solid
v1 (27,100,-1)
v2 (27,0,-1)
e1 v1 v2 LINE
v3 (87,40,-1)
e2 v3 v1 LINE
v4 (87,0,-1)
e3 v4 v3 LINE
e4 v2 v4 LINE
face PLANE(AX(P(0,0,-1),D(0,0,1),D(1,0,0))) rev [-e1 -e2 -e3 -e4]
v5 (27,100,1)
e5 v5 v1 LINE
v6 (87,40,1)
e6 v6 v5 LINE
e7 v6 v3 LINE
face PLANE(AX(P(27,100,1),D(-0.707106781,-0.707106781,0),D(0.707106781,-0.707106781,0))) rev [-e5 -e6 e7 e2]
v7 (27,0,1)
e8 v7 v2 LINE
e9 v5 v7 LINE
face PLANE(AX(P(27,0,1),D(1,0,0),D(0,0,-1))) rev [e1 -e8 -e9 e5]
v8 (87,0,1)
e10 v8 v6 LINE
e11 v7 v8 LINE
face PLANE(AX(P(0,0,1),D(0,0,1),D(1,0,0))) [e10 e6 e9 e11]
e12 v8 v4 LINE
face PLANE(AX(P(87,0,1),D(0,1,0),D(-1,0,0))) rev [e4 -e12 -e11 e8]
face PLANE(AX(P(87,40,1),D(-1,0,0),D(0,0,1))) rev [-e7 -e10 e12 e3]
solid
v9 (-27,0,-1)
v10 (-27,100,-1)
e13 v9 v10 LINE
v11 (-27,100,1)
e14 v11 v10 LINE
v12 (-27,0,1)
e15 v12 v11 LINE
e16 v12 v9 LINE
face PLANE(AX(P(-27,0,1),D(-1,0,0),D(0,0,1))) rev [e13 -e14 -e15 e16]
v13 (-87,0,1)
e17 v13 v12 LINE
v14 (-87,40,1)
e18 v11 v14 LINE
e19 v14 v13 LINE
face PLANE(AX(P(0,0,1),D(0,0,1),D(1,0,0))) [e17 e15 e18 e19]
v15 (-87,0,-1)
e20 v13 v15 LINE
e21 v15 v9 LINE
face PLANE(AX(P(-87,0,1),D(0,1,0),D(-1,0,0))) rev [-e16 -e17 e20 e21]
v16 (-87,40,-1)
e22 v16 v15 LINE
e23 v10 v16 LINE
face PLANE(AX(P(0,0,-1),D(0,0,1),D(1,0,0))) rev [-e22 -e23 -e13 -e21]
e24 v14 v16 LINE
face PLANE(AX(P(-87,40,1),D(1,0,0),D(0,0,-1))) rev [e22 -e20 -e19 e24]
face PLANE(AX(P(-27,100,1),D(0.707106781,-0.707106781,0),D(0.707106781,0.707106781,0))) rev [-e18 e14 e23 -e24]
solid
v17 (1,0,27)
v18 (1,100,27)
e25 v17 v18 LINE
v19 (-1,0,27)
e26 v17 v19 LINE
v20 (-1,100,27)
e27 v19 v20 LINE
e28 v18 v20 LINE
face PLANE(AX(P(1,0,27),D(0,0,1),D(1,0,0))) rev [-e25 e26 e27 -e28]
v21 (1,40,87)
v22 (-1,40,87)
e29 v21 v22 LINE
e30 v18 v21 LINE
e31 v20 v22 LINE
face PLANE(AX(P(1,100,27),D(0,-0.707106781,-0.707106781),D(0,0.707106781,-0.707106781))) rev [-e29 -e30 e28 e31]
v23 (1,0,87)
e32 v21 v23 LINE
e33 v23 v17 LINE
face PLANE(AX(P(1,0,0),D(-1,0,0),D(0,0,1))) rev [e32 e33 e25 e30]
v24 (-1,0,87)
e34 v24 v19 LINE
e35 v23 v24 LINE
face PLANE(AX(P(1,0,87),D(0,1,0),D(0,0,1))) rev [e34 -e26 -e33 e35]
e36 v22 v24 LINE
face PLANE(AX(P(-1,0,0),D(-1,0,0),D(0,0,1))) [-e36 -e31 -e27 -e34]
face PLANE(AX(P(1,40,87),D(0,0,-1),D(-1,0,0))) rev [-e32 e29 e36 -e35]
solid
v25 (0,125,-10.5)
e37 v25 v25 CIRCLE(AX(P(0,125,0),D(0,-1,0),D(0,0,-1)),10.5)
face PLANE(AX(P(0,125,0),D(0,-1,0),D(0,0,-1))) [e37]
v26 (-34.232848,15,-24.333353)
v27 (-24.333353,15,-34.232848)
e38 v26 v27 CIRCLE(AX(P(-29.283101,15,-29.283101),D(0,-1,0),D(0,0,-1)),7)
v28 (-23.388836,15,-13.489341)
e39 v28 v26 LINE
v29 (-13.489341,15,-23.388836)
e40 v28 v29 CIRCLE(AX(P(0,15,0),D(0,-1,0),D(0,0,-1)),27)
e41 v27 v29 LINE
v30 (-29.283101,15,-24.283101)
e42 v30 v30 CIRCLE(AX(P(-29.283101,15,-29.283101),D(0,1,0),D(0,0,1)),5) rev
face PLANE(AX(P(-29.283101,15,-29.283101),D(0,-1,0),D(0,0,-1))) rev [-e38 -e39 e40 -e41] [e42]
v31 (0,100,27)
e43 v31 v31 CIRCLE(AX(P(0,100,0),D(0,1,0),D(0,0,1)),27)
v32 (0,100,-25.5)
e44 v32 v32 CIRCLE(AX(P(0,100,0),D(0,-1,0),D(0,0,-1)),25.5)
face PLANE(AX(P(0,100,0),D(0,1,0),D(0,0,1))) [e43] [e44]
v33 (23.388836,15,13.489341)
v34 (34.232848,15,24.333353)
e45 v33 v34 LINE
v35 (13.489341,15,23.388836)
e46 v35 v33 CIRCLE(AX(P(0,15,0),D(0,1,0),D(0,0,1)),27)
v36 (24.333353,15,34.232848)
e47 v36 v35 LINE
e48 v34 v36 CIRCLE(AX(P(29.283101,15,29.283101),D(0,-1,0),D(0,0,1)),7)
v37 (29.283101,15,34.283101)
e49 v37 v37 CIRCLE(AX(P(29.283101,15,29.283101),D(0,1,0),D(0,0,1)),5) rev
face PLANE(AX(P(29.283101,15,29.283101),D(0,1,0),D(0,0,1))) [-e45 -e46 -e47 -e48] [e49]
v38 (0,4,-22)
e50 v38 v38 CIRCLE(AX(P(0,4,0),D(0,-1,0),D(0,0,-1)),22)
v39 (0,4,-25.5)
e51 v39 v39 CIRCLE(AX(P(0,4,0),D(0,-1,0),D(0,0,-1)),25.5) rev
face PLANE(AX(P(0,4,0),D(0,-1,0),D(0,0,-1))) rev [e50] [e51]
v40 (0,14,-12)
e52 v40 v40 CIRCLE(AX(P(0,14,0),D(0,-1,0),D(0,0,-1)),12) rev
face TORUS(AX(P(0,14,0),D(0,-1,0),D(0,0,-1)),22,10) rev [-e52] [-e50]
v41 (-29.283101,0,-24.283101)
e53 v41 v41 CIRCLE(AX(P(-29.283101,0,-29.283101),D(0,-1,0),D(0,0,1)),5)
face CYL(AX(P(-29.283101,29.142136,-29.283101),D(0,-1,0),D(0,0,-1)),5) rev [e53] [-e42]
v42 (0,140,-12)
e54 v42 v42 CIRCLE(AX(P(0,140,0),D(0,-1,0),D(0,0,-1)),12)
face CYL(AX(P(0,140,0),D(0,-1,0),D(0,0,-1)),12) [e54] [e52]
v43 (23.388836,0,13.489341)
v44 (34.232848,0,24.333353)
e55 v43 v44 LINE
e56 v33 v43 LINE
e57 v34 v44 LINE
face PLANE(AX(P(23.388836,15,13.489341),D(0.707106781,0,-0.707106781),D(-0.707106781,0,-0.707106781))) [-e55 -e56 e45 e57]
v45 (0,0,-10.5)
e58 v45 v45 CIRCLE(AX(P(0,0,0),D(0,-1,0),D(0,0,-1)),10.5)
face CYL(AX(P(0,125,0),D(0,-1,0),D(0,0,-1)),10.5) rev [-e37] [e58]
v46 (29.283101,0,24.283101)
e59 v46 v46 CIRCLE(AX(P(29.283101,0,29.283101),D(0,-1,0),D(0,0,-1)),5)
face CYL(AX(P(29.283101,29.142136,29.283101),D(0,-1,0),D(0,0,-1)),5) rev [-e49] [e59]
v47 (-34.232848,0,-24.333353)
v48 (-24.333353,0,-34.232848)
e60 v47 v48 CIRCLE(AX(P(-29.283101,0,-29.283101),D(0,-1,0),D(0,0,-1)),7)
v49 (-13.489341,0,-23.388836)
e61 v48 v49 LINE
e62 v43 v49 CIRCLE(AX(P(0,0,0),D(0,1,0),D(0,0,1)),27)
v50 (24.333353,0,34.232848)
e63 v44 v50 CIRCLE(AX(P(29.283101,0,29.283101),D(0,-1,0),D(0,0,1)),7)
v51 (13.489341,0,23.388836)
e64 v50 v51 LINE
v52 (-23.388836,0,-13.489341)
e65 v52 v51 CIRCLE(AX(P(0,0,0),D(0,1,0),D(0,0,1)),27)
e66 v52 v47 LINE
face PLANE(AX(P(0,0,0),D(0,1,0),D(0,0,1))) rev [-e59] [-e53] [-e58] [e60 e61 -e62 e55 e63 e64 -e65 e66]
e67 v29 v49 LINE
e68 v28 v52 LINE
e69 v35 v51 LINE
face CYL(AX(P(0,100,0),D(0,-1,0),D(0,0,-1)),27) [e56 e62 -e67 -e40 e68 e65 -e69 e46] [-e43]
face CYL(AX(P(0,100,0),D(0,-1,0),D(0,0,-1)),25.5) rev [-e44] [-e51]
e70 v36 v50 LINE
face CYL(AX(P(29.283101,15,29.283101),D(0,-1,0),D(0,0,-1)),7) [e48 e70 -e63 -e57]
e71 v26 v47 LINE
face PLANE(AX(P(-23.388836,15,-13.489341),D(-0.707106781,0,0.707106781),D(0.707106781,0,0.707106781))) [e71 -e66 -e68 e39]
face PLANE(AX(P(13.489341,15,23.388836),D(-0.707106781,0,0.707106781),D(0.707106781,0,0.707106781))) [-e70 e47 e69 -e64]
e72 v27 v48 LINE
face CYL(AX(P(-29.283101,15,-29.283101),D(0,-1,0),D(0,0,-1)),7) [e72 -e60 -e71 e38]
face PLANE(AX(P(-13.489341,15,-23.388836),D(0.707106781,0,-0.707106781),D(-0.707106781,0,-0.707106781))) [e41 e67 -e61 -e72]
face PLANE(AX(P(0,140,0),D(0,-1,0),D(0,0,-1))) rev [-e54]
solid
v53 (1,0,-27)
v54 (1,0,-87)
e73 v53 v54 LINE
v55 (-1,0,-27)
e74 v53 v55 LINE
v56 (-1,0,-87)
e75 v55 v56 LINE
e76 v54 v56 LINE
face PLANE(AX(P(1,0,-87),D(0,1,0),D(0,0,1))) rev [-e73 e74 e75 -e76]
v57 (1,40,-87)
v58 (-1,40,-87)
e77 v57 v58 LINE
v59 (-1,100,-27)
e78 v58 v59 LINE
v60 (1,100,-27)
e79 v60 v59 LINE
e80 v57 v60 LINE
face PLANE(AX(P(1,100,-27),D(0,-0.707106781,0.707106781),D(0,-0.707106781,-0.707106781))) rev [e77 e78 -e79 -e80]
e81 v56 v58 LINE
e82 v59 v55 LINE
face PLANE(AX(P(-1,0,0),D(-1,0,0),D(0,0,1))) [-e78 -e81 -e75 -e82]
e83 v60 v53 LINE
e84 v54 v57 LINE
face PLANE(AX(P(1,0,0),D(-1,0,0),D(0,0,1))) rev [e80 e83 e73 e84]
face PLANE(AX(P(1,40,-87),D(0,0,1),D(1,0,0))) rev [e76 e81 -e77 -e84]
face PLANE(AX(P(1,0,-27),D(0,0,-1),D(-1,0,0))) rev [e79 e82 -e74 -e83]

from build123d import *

# Parameters (mm, degrees)
SKETCH1_R             = 27
BOSS_EXTRUDE1_DEPTH   = 100
BOSS_EXTRUDE2_DEPTH   = 1
BOSS_EXTRUDE2_2_DEPTH = 1
BOSS_EXTRUDE3_DEPTH   = 1
BOSS_EXTRUDE3_2_DEPTH = 1
SKETCH4_R             = 25.5
CUT_EXTRUDE1_DEPTH    = 159.549676758
SKETCH9_R             = 27
BOSS_EXTRUDE6_DEPTH   = 4
SKETCH10_R            = 12
BOSS_EXTRUDE7_DEPTH   = 140
SKETCH11_R            = 10.5
CUT_EXTRUDE3_DEPTH    = 125
FILLET1_R             = 10
BOSS_EXTRUDE8_DEPTH   = 15
SKETCH14_R            = 5
CUT_EXTRUDE4_DEPTH    = 15


with BuildPart() as part:
    # Sketch1 → Boss-Extrude1 (new body)
    with BuildSketch(Plane(origin=(0, 0, 0), x_dir=(1, 0, 0), z_dir=(0, 1, 0))):
        with Locations(Location((0, 0, 0), (0, 0, 270))):
            Circle(SKETCH1_R)
    extrude(amount=BOSS_EXTRUDE1_DEPTH)

    # Sketch4 → Cut-Extrude1 (cut, through all)
    with BuildSketch(Plane(origin=(0, 0, 0), x_dir=(-1, 0, 0), z_dir=(0, -1, 0))):
        with Locations(Location((0, 0, 0), (0, 0, 90))):
            Circle(SKETCH4_R)
    extrude(amount=-CUT_EXTRUDE1_DEPTH, mode=Mode.SUBTRACT)

    # Sketch9 → Boss-Extrude6 (add)
    with BuildSketch(Plane.XZ):
        with Locations(Location((0, 0, 0), (0, 0, 90))):
            Circle(SKETCH9_R)
    extrude(amount=-BOSS_EXTRUDE6_DEPTH)

    # Sketch10 → Boss-Extrude7 (add)
    with BuildSketch(Plane.XZ):
        with Locations(Location((0, 0, 0), (0, 0, 270))):
            Circle(SKETCH10_R)
    extrude(amount=-BOSS_EXTRUDE7_DEPTH)

    # Sketch11 → Cut-Extrude3 (cut)
    with BuildSketch(Plane.XZ):
        with Locations(Location((0, 0, 0), (0, 0, 270))):
            Circle(SKETCH11_R)
    extrude(amount=-CUT_EXTRUDE3_DEPTH, mode=Mode.SUBTRACT)

    # Fillet1
    fillet1_edges = [part.edges().sort_by_distance(p)[0] for p in [
        (0, 4, 12),
    ]]
    fillet(fillet1_edges, radius=FILLET1_R)

    # Sketch13 → Boss-Extrude8 (add)
    with BuildSketch(Plane.XZ):
        with BuildLine():
            Line((13.489341446, 23.388836383), (24.33335346, 34.232848397))
            ThreePointArc((24.33335346, 34.232848397), (34.232848397, 34.232848397), (34.232848397, 24.33335346))
            Line((34.232848397, 24.33335346), (23.388836383, 13.489341446))
            Line((23.388836383, 13.489341446), (13.489341446, 23.388836383))
        make_face()
        with BuildLine():
            Line((-23.388836383, -13.489341446), (-34.232848397, -24.33335346))
            ThreePointArc((-34.232848397, -24.33335346), (-34.232848397, -34.232848397), (-24.33335346, -34.232848397))
            Line((-24.33335346, -34.232848397), (-13.489341446, -23.388836383))
            Line((-13.489341446, -23.388836383), (-23.388836383, -13.489341446))
        make_face()
    extrude(amount=-BOSS_EXTRUDE8_DEPTH)

    # Sketch14 → Cut-Extrude4 (cut)
    with BuildSketch(Plane.XZ):
        with Locations(Location((29.283100929, 29.283100929, 0), (0, 0, 270))):
            Circle(SKETCH14_R)
        with Locations(Location((-29.283100929, -29.283100929, 0), (0, 0, 90))):
            Circle(SKETCH14_R)
    extrude(amount=-CUT_EXTRUDE4_DEPTH, mode=Mode.SUBTRACT)


with BuildPart() as body_2:
    # Sketch2 → Boss-Extrude2 (new, symmetric)
    with BuildSketch(Plane.XY):
        Polygon((27, 100), (87, 40), (87, 0), (27, 0), align=None)
    extrude(amount=BOSS_EXTRUDE2_DEPTH, both=True)


with BuildPart() as body_3:
    # Sketch2 → Boss-Extrude2 2 (new, symmetric)
    with BuildSketch(Plane.XY):
        Polygon((-87, 0), (-27, 0), (-27, 100), (-87, 40), align=None)
    extrude(amount=BOSS_EXTRUDE2_2_DEPTH, both=True)


with BuildPart() as body_4:
    # Sketch3 → Boss-Extrude3 (new, symmetric)
    with BuildSketch(Plane(origin=(0, 0, 0), x_dir=(0, 0, -1), z_dir=(1, 0, 0))):
        Polygon((-27, 100), (-87, 40), (-87, 0), (-27, 0), align=None)
    extrude(amount=BOSS_EXTRUDE3_DEPTH, both=True)


with BuildPart() as body_5:
    # Sketch3 → Boss-Extrude3 2 (new, symmetric)
    with BuildSketch(Plane(origin=(0, 0, 0), x_dir=(0, 0, -1), z_dir=(1, 0, 0))):
        Polygon((27, 0), (27, 100), (87, 40), (87, 0), align=None)
    extrude(amount=BOSS_EXTRUDE3_2_DEPTH, both=True)


solid = Compound([part.part, body_2.part, body_3.part, body_4.part, body_5.part])
